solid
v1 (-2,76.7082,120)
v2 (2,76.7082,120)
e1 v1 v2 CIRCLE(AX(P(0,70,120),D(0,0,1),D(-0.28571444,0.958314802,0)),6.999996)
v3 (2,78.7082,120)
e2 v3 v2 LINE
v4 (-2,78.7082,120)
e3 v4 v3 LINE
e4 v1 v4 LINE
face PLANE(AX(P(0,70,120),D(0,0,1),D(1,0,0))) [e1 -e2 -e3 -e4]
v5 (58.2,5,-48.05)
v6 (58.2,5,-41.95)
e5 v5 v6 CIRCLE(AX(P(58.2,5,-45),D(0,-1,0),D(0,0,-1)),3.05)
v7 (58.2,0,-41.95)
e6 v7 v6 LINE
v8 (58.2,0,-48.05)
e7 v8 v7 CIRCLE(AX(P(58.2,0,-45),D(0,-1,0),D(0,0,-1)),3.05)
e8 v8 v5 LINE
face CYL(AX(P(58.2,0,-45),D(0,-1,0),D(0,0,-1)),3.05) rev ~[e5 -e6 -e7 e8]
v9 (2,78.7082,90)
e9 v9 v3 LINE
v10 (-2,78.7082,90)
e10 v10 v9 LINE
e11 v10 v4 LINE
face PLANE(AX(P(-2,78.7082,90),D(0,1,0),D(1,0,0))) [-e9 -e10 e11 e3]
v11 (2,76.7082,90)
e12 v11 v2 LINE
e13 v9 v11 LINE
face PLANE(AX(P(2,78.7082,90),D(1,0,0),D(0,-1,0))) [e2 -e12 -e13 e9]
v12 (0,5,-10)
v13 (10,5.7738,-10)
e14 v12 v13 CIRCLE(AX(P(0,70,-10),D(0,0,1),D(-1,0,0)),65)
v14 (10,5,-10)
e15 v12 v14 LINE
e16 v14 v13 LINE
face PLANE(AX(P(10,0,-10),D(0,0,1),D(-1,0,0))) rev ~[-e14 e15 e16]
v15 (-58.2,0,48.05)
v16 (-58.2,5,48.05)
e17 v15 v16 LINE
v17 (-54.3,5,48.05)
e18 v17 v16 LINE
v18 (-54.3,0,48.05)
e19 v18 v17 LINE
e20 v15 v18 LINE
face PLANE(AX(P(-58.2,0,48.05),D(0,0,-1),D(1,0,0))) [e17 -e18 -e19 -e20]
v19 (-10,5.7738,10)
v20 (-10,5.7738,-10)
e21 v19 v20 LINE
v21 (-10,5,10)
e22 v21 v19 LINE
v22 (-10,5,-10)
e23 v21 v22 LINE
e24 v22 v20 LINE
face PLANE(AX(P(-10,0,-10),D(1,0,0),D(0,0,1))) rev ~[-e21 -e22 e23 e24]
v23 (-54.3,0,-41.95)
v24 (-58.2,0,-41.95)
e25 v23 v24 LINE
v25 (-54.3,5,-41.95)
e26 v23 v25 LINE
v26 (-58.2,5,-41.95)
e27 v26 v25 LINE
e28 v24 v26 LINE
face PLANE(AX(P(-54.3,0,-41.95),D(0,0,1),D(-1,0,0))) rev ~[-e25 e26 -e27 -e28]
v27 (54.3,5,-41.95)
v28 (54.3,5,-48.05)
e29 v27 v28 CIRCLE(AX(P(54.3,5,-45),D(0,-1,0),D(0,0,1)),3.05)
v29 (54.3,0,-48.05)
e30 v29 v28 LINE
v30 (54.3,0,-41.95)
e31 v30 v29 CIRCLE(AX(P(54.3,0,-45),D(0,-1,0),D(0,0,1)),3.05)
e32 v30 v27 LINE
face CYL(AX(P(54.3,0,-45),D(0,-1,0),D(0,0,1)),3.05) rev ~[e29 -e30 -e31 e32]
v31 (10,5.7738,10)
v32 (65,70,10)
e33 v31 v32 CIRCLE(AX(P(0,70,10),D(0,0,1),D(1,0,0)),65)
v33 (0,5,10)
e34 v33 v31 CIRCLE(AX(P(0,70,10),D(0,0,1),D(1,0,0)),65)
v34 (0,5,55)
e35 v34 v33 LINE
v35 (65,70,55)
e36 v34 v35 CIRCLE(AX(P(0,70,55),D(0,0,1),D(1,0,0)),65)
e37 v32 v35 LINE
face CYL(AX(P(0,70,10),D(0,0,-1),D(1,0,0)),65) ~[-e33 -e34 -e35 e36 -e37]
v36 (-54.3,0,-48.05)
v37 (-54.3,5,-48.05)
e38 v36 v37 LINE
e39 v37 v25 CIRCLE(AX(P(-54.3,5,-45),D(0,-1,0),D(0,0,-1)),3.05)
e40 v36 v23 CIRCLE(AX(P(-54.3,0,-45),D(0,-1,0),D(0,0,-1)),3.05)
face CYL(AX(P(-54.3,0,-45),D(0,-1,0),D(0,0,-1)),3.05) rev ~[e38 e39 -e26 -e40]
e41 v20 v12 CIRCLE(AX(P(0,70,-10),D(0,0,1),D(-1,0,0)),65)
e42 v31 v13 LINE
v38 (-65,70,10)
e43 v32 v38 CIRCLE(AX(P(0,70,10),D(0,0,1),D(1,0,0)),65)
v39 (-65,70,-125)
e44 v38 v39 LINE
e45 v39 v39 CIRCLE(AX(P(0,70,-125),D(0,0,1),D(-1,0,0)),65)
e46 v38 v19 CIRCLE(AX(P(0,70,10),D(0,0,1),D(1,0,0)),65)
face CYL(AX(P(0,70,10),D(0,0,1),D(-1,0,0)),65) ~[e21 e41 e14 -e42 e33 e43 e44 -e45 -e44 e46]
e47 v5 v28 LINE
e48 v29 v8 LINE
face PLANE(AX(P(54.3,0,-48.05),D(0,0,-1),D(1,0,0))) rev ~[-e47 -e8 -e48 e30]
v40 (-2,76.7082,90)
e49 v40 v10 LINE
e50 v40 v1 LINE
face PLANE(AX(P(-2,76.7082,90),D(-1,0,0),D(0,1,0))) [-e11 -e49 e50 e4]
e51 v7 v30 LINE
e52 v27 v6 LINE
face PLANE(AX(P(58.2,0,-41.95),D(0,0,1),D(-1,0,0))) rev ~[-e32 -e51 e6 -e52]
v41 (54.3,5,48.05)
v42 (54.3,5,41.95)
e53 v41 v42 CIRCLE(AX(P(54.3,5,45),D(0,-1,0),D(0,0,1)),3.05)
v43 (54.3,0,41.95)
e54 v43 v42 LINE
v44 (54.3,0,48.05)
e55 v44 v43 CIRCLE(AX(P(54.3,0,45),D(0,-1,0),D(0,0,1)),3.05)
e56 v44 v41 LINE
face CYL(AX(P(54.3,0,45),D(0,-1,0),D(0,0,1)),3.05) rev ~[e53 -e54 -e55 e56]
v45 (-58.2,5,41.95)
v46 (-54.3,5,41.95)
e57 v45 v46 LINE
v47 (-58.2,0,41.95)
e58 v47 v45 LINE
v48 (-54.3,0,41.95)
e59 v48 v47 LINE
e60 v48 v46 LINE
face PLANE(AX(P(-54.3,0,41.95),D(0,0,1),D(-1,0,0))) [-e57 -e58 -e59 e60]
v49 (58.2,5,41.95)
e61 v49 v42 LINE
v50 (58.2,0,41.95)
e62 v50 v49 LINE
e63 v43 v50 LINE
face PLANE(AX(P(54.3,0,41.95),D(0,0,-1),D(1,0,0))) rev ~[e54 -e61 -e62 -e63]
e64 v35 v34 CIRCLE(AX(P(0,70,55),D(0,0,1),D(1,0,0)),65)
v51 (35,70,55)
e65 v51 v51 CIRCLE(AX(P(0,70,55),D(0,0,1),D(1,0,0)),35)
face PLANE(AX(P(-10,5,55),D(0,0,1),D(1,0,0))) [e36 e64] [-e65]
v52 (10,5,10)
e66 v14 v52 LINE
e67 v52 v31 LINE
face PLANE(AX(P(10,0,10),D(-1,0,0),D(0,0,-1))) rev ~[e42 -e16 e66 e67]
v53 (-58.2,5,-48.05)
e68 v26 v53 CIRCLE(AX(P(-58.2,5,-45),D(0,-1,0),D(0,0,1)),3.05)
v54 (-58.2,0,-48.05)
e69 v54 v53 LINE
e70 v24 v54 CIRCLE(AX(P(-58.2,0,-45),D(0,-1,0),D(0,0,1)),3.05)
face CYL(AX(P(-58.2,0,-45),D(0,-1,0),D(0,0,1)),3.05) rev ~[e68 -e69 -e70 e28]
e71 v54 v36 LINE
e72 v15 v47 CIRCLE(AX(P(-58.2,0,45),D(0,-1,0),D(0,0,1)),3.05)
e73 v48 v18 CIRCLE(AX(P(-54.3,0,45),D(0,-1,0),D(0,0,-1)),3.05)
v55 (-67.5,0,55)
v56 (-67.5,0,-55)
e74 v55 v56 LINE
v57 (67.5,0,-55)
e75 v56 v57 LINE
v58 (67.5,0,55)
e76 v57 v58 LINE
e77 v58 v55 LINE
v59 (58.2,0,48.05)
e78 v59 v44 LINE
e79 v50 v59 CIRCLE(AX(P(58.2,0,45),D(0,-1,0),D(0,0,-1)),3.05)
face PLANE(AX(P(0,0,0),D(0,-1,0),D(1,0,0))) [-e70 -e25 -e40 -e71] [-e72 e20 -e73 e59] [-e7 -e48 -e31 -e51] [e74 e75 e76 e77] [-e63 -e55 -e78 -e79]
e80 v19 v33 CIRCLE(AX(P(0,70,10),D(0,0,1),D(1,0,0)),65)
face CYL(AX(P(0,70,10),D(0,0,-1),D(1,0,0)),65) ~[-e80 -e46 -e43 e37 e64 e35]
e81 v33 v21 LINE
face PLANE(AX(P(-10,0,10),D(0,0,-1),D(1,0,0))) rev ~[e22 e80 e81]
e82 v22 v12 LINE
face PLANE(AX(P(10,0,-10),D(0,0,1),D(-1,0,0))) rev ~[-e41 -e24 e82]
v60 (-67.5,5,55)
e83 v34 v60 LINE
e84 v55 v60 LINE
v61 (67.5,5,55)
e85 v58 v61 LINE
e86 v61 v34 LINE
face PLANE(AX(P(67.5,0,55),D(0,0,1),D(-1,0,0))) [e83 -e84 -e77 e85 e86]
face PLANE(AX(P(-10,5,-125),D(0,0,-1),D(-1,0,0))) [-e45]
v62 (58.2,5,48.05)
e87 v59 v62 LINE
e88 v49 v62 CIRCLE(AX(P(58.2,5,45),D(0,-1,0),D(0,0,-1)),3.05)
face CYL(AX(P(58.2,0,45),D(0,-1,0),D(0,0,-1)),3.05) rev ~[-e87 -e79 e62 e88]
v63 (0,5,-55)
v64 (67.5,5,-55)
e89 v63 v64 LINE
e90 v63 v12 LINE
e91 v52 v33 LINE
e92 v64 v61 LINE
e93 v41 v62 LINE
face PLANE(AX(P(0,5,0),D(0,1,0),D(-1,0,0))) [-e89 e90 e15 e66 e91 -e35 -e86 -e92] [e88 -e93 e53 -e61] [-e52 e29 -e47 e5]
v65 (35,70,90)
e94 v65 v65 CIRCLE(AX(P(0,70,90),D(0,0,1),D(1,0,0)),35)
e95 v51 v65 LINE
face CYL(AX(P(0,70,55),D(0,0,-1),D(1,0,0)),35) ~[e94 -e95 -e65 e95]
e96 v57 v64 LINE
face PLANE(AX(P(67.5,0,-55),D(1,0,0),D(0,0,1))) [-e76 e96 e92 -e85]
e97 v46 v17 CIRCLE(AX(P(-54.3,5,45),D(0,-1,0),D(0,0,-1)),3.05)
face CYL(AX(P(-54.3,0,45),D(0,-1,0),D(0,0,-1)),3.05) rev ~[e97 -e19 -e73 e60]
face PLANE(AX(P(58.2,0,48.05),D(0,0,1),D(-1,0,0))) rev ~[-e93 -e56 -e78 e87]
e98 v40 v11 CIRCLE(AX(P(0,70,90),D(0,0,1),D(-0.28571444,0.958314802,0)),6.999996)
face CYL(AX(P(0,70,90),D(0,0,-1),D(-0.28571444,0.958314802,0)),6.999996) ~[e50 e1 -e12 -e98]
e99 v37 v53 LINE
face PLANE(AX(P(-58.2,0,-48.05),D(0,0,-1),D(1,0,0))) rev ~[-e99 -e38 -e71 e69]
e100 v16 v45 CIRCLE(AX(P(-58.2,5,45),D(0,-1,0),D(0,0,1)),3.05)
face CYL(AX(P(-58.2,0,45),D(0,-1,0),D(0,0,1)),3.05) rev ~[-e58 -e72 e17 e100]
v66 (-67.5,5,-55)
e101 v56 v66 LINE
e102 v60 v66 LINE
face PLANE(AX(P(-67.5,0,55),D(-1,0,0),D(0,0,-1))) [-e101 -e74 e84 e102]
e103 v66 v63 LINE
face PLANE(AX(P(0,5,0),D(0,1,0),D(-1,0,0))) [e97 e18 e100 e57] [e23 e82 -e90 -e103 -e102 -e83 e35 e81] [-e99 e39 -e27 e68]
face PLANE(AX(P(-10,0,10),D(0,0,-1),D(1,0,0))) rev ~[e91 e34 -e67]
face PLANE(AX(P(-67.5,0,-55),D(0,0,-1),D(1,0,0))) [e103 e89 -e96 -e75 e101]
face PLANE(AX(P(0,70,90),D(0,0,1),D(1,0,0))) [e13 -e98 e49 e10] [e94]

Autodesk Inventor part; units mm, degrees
ref_plane "YZ Plane" through (0, 0, 0) normal (1, 0, 0) x (0, 1, 0)
ref_plane "XZ Plane" through (0, 0, 0) normal (0, 1, 0) x (-1, 0, 0)
ref_plane "XY Plane" through (0, 0, 0) normal (0, 0, 1) x (1, 0, 0)
sketch "Sketch1" plane through (0, 0, 0) normal (0, 1, 0) x (-1, 0, 0)
  line L0 (-70.0685, 0) -> (70.0685, 0) construction
  line L1 (0, -20.6438) -> (0, 20.6438) construction
  line L2 (67.5, -55) -> (-67.5, -55)
  line L3 (-67.5, -55) -> (-67.5, 55)
  line L4 (-67.5, 55) -> (67.5, 55)
  line L5 (67.5, 55) -> (67.5, -55)
  point P0 (0, 0)
  point P1 (0, 0)
  dimension "d0" = 110
  dimension "d1" = 135
extrude "Extrusion1" add sketch "Sketch1" along normal blind 5
sketch "Sketch2" plane through (0, 0, 0) normal (0, -1, 0) x (1, 0, 0)
  line L0 (-161.783, 0) -> (161.783, 0) construction
  line L1 (0, 8.6003) -> (0, -8.6003) construction
  line L2 (-58.2, 45) -> (-54.3, 45) construction
  line L3 (-58.2, 48.05) -> (-54.3, 48.05)
  line L4 (-54.3, 41.95) -> (-58.2, 41.95)
  arc A0 (-58.2, 48.05) -> (-58.2, 41.95) centre (-58.2, 45) ccw
  arc A1 (-54.3, 41.95) -> (-54.3, 48.05) centre (-54.3, 45) ccw
  line L5 (58.2, 45) -> (54.3, 45) construction
  line L6 (58.2, 48.05) -> (54.3, 48.05)
  line L7 (54.3, 41.95) -> (58.2, 41.95)
  arc A2 (58.2, 41.95) -> (58.2, 48.05) centre (58.2, 45) ccw
  arc A3 (54.3, 48.05) -> (54.3, 41.95) centre (54.3, 45) ccw
  line L8 (58.2, -45) -> (54.3, -45) construction
  line L9 (58.2, -41.95) -> (54.3, -41.95)
  line L10 (54.3, -48.05) -> (58.2, -48.05)
  arc A4 (58.2, -48.05) -> (58.2, -41.95) centre (58.2, -45) ccw
  arc A5 (54.3, -41.95) -> (54.3, -48.05) centre (54.3, -45) ccw
  line L11 (-58.2, -45) -> (-54.3, -45) construction
  line L12 (-58.2, -48.05) -> (-54.3, -48.05)
  line L13 (-54.3, -41.95) -> (-58.2, -41.95)
  arc A6 (-58.2, -41.95) -> (-58.2, -48.05) centre (-58.2, -45) ccw
  arc A7 (-54.3, -48.05) -> (-54.3, -41.95) centre (-54.3, -45) ccw
  point P0 (0, 0)
  point P1 (-56.25, 45)
  point P2 (56.25, 45)
  point P3 (56.25, -45)
  point P4 (-56.25, -45)
  point P5 (0, 0)
  point P6 (-61.25, 45)
  point P7 (-51.25, 45)
  dimension "d4" = 112.5
  dimension "d5" = 90
  dimension "d7" = 6.1
  dimension "d8" = 10
extrude "Extrusion2" cut sketch "Sketch2" against normal through all
sketch "Sketch3" plane through (0, 0, 0) normal (0, -1, 0) x (1, 0, 0)
  line L0 (-38.6076, 0) -> (38.6076, 0) construction
  line L1 (0, -3.4177) -> (0, 3.4177) construction
  line L2 (10, -10) -> (-10, -10)
  line L3 (-10, -10) -> (-10, 10)
  line L4 (-10, 10) -> (10, 10)
  line L5 (10, 10) -> (10, -10)
  point P0 (0, 0)
  point P1 (0, 0)
  dimension "d11" = 20
  dimension "d12" = 20
extrude "Extrusion3" add sketch "Sketch3" against normal blind 70
sketch "Sketch4" plane through (-10, 5, 10) normal (0, 0, 1) x (1, 0, 0)
  line L0 (20, 65) -> (0, 65) projected
  circle A0 centre (10, 65) radius 65
  point P0 (10, -5)
  dimension "d15" = 130
extrude "Extrusion4" add sketch "Sketch4" along normal up to surface (45 mm away)
sketch "Sketch5" plane through (0, 70, 55) normal (0, 0, 1) x (1, 0, 0)
  line L0 (10, 0) -> (-10, 0) projected
  circle A0 centre (0, 0) radius 35
  point P0 (0, -70)
  dimension "d18" = 70
extrude "Extrusion5" add sketch "Sketch5" along normal blind 35
sketch "Sketch6" plane through (0, 70, 90) normal (0, 0, 1) x (1, 0, 0)
  arc A0 (-2, 6.7082) -> (2, 6.7082) centre (0, 0) ccw
  circle A1 centre (0, 0) radius 35 projected
  line L0 (-2, 8.7082) -> (2, 8.7082)
  line L1 (2, 8.7082) -> (2, 6.7082)
  line L2 (-2, 6.7082) -> (-2, 8.7082)
  point P0 (0, -70)
  dimension "d21" = 14
  dimension "d23" = 2
  dimension "d26" = 4
  dimension "d27" = 2
extrude "Extrusion6" add sketch "Sketch6" along normal blind 30 contours L2 L0 L1 A0
sketch "Sketch8" plane through (-10, 5, 10) normal (0, 0, -1) x (-1, 0, 0)
  arc A0 (-12, 71.7082) -> (-8, 71.7082) centre (-10, 65) ccw projected
  circle A1 centre (-10, 65) radius 65
  arc A2 (0, 0.7738) -> (-20, 0.7738) centre (-10, 65) ccw projected
  point P0 (-10, -5)
extrude "Extrusion7" add sketch "Sketch8" along normal blind 135
properties part number "MotorV1"
